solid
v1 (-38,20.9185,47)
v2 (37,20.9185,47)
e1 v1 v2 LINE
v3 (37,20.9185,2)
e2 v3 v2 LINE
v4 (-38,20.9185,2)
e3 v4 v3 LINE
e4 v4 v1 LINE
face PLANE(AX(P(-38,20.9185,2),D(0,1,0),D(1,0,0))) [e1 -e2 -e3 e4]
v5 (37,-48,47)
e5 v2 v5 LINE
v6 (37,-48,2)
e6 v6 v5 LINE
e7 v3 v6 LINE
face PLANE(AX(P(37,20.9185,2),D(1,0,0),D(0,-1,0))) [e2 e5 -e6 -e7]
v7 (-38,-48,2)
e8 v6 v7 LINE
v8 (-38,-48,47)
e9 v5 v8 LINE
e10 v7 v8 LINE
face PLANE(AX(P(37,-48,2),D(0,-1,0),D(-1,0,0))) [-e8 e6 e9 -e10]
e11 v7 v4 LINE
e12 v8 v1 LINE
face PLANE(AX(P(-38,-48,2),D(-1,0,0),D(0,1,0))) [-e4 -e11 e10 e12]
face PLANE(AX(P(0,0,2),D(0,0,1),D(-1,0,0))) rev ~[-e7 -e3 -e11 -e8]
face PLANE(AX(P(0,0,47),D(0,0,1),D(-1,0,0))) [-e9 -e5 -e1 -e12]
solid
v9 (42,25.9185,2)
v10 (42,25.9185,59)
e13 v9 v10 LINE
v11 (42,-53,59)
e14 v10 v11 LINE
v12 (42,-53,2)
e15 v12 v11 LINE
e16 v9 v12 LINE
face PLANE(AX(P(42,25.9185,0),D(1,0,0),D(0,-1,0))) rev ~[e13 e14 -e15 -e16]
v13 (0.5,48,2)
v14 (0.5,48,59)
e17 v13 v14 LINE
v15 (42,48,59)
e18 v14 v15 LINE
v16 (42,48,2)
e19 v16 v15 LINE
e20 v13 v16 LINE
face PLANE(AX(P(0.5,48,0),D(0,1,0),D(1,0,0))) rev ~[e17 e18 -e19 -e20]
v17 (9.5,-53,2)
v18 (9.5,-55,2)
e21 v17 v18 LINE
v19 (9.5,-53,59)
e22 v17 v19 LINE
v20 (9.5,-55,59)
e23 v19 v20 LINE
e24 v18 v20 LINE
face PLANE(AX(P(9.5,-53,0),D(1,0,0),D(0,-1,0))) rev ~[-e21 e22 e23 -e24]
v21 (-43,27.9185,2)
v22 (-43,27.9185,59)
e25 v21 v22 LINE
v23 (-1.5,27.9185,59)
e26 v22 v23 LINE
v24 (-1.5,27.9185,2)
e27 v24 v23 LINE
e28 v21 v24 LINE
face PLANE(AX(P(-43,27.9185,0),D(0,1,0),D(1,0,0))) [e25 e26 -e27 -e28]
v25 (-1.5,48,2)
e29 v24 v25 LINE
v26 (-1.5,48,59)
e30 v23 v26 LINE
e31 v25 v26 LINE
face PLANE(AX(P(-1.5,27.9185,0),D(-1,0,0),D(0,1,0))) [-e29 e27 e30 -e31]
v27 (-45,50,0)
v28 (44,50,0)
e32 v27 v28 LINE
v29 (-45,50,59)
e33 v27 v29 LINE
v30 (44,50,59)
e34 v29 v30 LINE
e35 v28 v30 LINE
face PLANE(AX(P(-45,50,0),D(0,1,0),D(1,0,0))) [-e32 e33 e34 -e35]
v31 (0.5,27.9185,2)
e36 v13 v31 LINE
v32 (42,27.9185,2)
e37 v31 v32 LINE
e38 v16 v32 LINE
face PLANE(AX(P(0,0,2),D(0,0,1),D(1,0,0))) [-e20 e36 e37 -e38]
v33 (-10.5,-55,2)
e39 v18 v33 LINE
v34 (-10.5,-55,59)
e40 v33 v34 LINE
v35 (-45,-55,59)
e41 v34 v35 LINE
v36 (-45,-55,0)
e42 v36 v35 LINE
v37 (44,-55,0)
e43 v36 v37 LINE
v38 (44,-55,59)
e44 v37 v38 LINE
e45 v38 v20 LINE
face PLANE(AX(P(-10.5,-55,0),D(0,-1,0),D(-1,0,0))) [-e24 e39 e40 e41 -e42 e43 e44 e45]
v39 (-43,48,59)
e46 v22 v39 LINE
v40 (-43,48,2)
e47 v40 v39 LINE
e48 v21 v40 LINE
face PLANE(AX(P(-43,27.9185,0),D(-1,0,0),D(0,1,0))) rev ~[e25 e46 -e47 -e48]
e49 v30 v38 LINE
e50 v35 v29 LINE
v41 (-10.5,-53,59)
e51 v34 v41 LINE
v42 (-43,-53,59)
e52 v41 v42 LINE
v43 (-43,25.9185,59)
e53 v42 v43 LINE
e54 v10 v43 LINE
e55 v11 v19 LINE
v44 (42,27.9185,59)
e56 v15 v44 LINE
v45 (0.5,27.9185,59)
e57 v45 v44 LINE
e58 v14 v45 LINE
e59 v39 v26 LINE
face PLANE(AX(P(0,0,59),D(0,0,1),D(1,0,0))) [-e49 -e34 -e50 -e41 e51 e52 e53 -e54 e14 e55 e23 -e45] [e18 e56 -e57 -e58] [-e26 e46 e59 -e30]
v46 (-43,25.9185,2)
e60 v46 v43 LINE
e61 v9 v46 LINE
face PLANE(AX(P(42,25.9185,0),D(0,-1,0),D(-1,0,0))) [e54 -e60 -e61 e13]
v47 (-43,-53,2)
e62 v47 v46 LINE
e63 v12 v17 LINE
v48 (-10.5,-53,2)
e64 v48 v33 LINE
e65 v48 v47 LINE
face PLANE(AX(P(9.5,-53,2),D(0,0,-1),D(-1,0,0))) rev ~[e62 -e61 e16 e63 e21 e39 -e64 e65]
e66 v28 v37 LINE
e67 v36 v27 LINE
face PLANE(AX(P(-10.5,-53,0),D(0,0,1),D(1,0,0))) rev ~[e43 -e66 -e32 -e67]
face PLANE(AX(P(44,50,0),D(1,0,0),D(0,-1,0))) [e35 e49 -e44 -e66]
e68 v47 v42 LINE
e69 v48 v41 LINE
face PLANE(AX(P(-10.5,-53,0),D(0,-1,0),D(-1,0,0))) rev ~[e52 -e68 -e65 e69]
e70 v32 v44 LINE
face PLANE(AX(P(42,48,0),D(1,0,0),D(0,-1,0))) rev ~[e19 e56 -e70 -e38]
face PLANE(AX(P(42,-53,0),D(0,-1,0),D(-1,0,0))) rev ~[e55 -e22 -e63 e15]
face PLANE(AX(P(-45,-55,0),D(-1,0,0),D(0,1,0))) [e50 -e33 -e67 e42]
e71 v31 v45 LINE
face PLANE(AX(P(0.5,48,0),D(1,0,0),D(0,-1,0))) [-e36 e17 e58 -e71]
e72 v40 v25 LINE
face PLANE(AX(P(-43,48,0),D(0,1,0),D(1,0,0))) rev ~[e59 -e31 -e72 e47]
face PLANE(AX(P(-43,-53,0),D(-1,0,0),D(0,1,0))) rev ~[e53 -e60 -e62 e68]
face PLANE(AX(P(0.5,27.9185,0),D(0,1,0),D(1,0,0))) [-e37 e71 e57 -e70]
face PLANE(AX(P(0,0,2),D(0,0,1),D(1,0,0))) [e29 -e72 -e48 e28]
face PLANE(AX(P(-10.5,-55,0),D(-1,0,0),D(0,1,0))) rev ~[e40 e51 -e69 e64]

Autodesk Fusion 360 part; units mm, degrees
sketch "Skizze1" plane through (0, 0, 0) normal (0, 0, 1) x (1, 0, 0)
  line L0 (-45, 50) -> (44, 50)
  line L1 (44, 50) -> (44, -55)
  line L2 (44, -55) -> (-45, -55)
  line L3 (-45, -55) -> (-45, 50)
  line L4 (-43, 48) -> (42, 48)
  line L5 (42, 48) -> (42, -53)
  line L6 (42, -53) -> (-43, -53)
  line L7 (-43, -53) -> (-43, 48)
  line L8 (-10.5, -53) -> (9.5, -53)
  line L9 (9.5, -53) -> (9.5, -55)
  line L10 (9.5, -55) -> (-10.5, -55)
  line L11 (-10.5, -55) -> (-10.5, -53)
  line L12 (-43, 27.9185) -> (42, 27.9185)
  line L13 (42, 27.9185) -> (42, 25.9185)
  line L14 (42, 25.9185) -> (-43, 25.9185)
  line L15 (-43, 25.9185) -> (-43, 27.9185)
  line L16 (-1.5, 48) -> (0.5, 48)
  line L17 (0.5, 48) -> (0.5, 27.9185)
  line L18 (0.5, 27.9185) -> (-1.5, 27.9185)
  line L19 (-1.5, 27.9185) -> (-1.5, 48)
  dimension "d1" = 89
  dimension "d2" = 105
  dimension "d3" = 2
  dimension "d4" = 2
  dimension "d5" = 2
  dimension "d6" = 2
  dimension "d7" = 20
  dimension "d8" = 34.5
  dimension "d9" = 34.5
  dimension "d10" = 2
  dimension "d11" = 2
  dimension "d12" = 41.5
  dimension "d13" = 85
  dimension "d14" = 41.5
extrude "Extrusion1" add sketch "Skizze1" along normal blind 2 contours L5 L6 L7 L8 L14 | L4 L7 L12 L19 | L4 L5 L12 L17 makes body 1 at (13.6667, -26.6938, 0) makes body 2 at (28.1667, 34.6123, 0) makes body 3 at (-29.1667, 41.3062, 0)
extrude "Extrusion2" add sketch "Skizze1" along normal blind 59 contours L0 L1 L2 L3 L4 L5 L6 L7 L9 L11 L13 L15 L16 | L5 L7 L12 L13 L14 L15 L18 | L4 L12 L16 L17 L18 L19 bodies 1 2 3
extrude "Extrusion3" add 1 faces at (2.8333, -53, 0.6667) along direction (0, -1, 0) blind 2 on bodies 1 bodies 1
sketch "Skizze2" plane through (0, 0, 2) normal (0, 0, 1) x (-1, 0, 0)
  line L0 (-42, 53) -> (-42, -25.9185)
  line L1 (-42, -25.9185) -> (43, -25.9185)
  line L2 (43, -25.9185) -> (43, 53)
  line L3 (43, 53) -> (10.5, 53)
  line L4 (10.5, 53) -> (10.5, 55)
  line L5 (10.5, 55) -> (-9.5, 55)
  line L6 (-9.5, 55) -> (-9.5, 53)
  line L7 (-9.5, 53) -> (-42, 53)
  line L8 (38, -20.9185) -> (-37, -20.9185)
  line L9 (-37, -20.9185) -> (-37, 48)
  line L10 (-37, 48) -> (38, 48)
  line L11 (38, 48) -> (38, -20.9185)
  dimension "d21" = 5
  dimension "d22" = 5
  dimension "d23" = 5
  dimension "d24" = 5
extrude "Extrusion4" add sketch "Skizze2" along normal blind 45 separate body contours L8 L9 L10 L11 makes body 4
